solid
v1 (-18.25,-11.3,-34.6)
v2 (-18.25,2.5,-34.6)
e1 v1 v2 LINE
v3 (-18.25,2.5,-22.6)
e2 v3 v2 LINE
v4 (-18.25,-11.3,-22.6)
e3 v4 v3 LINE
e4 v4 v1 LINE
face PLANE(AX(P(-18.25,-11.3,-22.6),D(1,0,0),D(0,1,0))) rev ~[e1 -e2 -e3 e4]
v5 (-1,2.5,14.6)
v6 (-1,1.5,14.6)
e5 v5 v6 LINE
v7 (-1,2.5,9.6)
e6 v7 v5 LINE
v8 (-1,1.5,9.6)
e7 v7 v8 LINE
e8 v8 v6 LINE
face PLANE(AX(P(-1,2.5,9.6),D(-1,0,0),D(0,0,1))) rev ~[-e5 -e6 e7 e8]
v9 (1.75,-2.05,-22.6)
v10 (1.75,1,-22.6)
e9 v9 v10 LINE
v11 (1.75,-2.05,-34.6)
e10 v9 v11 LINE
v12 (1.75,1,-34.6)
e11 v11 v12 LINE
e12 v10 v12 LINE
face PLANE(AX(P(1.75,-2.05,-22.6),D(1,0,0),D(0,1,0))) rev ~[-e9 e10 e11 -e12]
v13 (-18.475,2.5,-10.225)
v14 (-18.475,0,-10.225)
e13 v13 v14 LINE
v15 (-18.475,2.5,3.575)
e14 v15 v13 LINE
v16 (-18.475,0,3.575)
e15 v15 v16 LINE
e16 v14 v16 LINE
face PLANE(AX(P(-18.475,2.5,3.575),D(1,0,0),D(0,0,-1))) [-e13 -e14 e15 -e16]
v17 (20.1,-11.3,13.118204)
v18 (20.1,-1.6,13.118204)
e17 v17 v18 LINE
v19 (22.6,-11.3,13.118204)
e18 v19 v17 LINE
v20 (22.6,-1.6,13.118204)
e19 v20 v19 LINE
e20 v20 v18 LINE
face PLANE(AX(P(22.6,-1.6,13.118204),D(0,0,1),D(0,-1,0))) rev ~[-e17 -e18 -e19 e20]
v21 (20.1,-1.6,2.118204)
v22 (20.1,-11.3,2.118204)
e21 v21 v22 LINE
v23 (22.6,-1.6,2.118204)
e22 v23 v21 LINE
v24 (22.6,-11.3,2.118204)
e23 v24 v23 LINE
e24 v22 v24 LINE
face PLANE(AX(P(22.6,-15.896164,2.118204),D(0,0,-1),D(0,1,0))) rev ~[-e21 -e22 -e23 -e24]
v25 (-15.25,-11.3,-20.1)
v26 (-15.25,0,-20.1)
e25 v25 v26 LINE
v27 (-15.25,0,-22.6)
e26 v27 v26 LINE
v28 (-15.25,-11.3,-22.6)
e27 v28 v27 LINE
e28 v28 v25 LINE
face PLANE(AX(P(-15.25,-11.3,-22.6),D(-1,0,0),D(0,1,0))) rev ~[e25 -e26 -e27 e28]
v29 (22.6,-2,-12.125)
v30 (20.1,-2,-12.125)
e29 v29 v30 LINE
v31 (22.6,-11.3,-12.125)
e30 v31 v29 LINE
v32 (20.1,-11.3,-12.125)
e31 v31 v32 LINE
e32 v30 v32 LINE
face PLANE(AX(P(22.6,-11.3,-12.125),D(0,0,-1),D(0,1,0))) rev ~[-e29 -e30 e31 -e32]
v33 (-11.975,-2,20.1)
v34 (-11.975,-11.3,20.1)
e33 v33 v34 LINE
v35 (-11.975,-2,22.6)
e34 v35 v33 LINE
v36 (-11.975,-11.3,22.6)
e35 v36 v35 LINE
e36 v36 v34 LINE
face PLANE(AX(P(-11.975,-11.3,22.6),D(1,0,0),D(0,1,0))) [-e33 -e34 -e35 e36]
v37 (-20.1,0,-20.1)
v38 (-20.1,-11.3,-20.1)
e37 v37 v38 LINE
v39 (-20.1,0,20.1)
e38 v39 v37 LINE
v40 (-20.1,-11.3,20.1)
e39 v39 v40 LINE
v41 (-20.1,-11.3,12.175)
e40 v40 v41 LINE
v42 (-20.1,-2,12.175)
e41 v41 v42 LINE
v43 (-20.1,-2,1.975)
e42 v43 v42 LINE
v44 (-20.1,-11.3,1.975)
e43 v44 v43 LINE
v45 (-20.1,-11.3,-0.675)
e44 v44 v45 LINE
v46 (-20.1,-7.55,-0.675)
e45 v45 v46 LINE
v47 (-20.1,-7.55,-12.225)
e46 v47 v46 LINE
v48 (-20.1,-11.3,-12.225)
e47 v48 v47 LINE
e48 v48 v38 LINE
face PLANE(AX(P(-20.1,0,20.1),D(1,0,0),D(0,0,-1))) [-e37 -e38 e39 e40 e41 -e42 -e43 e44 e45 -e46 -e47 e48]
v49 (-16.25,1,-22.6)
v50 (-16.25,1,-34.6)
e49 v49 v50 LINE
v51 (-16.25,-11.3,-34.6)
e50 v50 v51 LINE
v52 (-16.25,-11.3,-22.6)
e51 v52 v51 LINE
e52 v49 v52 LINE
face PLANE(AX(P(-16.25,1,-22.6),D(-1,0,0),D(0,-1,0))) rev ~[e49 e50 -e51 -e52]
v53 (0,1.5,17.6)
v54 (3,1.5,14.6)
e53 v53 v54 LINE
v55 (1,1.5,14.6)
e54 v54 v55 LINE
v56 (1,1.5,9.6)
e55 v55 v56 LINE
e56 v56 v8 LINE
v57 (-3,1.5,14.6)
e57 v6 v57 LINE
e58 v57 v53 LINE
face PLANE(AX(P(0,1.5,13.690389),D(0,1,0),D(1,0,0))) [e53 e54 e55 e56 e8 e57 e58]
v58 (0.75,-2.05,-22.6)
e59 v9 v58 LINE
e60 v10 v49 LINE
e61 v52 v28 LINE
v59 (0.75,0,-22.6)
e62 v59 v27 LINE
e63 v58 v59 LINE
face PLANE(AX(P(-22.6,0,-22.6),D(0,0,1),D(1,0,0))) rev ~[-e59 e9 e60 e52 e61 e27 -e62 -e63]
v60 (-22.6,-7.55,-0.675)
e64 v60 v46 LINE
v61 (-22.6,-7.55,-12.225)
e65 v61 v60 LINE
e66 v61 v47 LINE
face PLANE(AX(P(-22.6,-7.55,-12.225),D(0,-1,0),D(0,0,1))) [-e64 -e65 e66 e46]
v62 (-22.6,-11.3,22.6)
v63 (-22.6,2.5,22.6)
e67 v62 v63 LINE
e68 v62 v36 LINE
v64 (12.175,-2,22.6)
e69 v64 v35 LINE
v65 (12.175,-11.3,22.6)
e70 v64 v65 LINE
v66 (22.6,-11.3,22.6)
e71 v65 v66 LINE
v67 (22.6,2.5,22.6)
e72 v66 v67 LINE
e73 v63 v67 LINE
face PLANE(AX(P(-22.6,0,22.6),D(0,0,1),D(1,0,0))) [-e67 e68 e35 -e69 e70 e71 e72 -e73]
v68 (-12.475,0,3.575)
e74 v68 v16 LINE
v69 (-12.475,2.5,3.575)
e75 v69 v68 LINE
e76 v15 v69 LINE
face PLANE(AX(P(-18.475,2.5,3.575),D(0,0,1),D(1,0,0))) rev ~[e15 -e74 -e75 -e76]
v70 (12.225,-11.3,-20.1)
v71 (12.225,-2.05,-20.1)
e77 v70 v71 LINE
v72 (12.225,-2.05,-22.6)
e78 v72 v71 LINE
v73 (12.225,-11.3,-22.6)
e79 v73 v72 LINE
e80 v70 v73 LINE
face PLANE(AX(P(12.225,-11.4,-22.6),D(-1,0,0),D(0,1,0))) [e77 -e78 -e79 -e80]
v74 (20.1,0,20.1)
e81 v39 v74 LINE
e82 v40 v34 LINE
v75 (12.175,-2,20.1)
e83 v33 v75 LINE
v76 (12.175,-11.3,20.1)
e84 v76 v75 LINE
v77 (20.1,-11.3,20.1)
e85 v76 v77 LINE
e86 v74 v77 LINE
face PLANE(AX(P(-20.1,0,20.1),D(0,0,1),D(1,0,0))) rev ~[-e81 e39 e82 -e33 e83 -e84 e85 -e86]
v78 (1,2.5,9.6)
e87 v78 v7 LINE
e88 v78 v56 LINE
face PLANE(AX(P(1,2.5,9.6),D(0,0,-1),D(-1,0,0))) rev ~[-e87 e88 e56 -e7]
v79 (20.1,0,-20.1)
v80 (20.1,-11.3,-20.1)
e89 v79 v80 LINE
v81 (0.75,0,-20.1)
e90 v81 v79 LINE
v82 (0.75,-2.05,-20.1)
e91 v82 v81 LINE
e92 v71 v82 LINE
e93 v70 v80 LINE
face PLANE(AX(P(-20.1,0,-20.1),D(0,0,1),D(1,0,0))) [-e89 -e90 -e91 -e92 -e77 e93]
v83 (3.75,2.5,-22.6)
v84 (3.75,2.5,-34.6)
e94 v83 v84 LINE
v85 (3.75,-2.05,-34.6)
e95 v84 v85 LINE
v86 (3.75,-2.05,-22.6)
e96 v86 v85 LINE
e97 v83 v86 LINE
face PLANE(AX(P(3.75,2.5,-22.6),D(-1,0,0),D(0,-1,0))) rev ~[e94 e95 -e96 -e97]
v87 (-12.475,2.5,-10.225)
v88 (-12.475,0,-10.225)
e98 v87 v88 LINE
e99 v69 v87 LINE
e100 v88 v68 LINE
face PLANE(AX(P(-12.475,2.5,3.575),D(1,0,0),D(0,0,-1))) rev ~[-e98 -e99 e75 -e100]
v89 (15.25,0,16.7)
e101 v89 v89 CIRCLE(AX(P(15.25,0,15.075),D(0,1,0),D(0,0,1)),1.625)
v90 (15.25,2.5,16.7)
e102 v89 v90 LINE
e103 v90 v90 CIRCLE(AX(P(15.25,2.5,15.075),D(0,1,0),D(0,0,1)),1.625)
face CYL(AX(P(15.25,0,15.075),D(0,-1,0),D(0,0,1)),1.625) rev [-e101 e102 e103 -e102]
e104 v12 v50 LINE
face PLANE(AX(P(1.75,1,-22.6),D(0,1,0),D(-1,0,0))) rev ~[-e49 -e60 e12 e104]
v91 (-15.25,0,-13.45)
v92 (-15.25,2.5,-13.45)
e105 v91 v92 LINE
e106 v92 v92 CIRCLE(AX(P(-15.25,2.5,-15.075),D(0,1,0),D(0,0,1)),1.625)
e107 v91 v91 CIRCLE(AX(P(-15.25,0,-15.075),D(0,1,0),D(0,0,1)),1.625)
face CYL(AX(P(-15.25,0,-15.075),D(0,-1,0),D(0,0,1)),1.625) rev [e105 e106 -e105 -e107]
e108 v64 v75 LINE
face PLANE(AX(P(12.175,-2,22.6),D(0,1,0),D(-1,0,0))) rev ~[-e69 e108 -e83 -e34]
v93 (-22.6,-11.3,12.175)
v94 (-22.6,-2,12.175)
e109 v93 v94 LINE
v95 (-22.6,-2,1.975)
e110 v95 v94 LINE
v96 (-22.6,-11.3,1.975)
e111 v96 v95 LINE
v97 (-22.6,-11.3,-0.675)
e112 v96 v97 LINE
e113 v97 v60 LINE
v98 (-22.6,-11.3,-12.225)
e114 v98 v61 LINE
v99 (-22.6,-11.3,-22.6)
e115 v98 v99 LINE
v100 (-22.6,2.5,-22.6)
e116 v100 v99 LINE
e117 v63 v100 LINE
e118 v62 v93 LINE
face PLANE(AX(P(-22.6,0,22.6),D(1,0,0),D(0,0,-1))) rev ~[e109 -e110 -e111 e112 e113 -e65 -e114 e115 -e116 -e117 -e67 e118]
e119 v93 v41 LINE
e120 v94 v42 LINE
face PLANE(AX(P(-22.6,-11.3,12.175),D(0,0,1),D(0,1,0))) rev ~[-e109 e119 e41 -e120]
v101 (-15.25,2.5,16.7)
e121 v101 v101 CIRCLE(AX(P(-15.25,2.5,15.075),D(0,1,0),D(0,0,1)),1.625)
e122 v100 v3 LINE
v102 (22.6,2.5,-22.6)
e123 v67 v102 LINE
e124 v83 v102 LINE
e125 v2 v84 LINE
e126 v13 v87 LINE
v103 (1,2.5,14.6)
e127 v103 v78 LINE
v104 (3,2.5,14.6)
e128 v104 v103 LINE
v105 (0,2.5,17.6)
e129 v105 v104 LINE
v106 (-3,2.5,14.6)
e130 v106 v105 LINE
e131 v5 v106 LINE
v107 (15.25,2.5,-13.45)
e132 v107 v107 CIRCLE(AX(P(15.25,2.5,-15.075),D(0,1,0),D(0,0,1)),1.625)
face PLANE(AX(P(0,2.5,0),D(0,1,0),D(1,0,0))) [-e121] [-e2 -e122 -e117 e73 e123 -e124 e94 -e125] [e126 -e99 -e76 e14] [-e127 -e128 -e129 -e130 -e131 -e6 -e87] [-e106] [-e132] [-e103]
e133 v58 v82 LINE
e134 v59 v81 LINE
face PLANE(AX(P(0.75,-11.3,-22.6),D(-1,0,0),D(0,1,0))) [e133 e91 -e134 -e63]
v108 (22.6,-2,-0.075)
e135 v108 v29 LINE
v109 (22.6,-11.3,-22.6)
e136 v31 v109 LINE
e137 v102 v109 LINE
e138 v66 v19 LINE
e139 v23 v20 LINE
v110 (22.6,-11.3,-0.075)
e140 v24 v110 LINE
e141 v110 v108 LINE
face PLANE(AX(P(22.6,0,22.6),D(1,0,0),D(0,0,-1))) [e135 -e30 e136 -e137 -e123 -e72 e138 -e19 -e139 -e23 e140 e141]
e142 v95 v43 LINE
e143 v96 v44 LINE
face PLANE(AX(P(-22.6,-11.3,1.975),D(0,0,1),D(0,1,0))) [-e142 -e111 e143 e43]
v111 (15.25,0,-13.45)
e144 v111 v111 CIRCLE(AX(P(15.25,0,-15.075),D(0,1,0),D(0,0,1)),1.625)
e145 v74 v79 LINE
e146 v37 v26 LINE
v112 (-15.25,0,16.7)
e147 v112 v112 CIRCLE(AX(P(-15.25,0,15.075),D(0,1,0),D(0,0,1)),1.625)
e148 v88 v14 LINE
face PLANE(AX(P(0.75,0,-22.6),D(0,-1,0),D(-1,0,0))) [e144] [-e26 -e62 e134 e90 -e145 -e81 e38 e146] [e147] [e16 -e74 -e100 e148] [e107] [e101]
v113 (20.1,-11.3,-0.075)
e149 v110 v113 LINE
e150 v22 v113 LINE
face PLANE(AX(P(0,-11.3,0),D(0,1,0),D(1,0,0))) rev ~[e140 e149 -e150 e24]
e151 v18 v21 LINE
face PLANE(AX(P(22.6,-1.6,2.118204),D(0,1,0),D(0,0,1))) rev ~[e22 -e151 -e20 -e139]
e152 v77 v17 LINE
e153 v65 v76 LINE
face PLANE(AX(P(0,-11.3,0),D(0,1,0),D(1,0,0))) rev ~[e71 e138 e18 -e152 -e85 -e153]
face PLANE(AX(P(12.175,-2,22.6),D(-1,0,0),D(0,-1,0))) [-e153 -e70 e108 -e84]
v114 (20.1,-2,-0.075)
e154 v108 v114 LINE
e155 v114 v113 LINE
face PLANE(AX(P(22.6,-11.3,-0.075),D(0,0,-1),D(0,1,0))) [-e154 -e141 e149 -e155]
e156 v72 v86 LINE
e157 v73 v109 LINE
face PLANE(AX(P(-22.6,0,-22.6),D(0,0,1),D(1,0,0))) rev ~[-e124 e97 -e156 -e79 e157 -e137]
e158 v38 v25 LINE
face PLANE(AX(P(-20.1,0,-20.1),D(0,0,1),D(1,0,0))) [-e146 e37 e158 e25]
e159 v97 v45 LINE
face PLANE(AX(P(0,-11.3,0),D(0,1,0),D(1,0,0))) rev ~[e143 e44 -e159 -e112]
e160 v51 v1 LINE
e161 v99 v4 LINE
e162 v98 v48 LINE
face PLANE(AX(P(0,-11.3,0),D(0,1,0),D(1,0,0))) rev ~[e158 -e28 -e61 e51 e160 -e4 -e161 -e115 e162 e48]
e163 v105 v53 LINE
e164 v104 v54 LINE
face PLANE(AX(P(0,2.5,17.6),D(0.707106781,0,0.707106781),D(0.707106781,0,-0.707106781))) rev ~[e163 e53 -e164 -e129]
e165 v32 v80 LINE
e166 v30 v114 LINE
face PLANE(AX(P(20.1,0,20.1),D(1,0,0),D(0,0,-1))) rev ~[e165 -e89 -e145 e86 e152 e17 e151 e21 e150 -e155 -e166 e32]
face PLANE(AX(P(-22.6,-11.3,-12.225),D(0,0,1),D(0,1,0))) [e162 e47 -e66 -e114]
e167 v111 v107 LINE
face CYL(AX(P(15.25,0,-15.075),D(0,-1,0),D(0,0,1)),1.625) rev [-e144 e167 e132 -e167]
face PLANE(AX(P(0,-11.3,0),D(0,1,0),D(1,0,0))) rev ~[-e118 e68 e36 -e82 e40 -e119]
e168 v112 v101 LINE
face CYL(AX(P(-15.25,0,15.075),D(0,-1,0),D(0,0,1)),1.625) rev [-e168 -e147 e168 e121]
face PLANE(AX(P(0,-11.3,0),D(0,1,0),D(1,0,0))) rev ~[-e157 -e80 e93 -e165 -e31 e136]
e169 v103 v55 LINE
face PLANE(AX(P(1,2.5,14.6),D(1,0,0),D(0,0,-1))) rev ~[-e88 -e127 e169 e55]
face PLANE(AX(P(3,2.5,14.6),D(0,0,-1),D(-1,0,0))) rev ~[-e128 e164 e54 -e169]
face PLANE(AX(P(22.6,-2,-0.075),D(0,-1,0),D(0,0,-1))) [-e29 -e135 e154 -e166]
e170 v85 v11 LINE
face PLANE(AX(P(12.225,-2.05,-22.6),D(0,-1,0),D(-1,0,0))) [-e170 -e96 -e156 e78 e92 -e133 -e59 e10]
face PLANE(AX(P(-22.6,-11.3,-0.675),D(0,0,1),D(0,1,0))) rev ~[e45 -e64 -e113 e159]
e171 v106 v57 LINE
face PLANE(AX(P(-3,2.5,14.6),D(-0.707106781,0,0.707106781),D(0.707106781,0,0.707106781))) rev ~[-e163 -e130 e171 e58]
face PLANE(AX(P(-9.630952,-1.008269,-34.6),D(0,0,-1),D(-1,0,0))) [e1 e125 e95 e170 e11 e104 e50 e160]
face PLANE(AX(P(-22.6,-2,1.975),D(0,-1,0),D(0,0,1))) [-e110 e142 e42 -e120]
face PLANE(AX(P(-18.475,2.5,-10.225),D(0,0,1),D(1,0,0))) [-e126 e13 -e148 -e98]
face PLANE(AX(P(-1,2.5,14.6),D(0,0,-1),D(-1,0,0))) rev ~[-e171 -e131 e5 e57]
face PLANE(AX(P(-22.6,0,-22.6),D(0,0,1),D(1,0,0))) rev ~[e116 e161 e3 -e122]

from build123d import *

# Parameters (mm, degrees)
SKETCH2_W                 = 45.2
SKETCH2_H                 = 45.2
SKETCH2_W_2               = 40.2
SKETCH2_H_2               = 40.2
SKETCH2_R                 = 1.625
TOP_DEPTH                 = 2.5
SKETCH2_3_W               = 45.2
SKETCH2_3_H               = 45.2
SKETCH2_3_W_2             = 40.2
SKETCH2_3_H_2             = 40.2
SIDE_WALLS_DEPTH          = 11.3
DIRECTION_INDICATOR_DEPTH = 1
FRONT_PORTS_REACH         = 53.783
WIFI_PORT_REACH           = 36.813
SKETCH5_W                 = 6
SKETCH5_H                 = 13.8
RIGHT_PORTS_REACH         = 53.783
SKETCH6_W                 = 10.2
SKETCH6_H                 = 9.3
SKETCH6_W_2               = 11.55
SKETCH6_H_2               = 3.75
REAR_PORTS_REACH          = 53.783
SKETCH7_W                 = 16
SKETCH7_H                 = 11.3
SKETCH7_W_2               = 11.475
SKETCH7_H_2               = 9.35
LEFT_PORTS_REACH          = 53.783
SKETCH8_W                 = 12.05
SKETCH8_H                 = 9.3
BOSS_EXTRUDE3_DEPTH       = 12


with BuildPart() as part:
    # Sketch2 → Top (new body)
    # profile 1 of 2: a face of its own
    with BuildSketch(Plane(origin=(0, 0, 0), x_dir=(1, 0, 0), z_dir=(0, 1, 0))):
        Rectangle(SKETCH2_W, SKETCH2_H)
        Rectangle(SKETCH2_W_2, SKETCH2_H_2, mode=Mode.SUBTRACT)
    # profile 2 of 2: a face of its own
    with BuildSketch(Plane(origin=(0, 0, 0), x_dir=(1, 0, 0), z_dir=(0, 1, 0))):
        Rectangle(SKETCH2_W_2, SKETCH2_H_2)
        with Locations(Location((15.25, -15.075, 0), (0, 0, 270))):
            Circle(SKETCH2_R, mode=Mode.SUBTRACT)
        with Locations(Location((15.25, 15.075, 0), (0, 0, 270))):
            Circle(SKETCH2_R, mode=Mode.SUBTRACT)
        with Locations(Location((-15.25, 15.075, 0), (0, 0, 270))):
            Circle(SKETCH2_R, mode=Mode.SUBTRACT)
        with Locations(Location((-15.25, -15.075, 0), (0, 0, 270))):
            Circle(SKETCH2_R, mode=Mode.SUBTRACT)
    extrude(amount=TOP_DEPTH)

    # Sketch2<3> → Side Walls (add)
    with BuildSketch(Plane(origin=(0, 0, 0), x_dir=(1, 0, 0), z_dir=(0, 1, 0))):
        Rectangle(SKETCH2_3_W, SKETCH2_3_H)
        Rectangle(SKETCH2_3_W_2, SKETCH2_3_H_2, mode=Mode.SUBTRACT)
    extrude(amount=-SIDE_WALLS_DEPTH)

    # Sketch3 → Direction Indicator (cut)
    with BuildSketch(Plane(origin=(0, 2.5, 0), x_dir=(1, 0, 0), z_dir=(0, 1, 0))):
        Polygon((0, -17.6), (3, -14.6), (1, -14.6), (1, -9.6), (-1, -9.6), (-1, -14.6), (-3, -14.6), align=None)
    extrude(amount=-DIRECTION_INDICATOR_DEPTH, mode=Mode.SUBTRACT)

    # Sketch4 → Front Ports (cut, up to next)
    with BuildSketch(Plane.XY.offset(22.6), mode=Mode.PRIVATE) as front_ports_sk1:
        Polygon((-11.975, -2), (-0.375, -2), (0.575, -2), (12.175, -2), (12.175, -12.246111299), (0.575, -12.246111299), (-0.375, -12.246111299), (-0.375, -11.3), (-11.975, -11.3), (-11.975, -12.6), align=None)
    front_ports_tool1 = extrude(front_ports_sk1.sketch, amount=-FRONT_PORTS_REACH, mode=Mode.PRIVATE) & part.part
    add(front_ports_tool1.solids().sort_by_distance((0.391233, -6.907242, 22.6))[0], mode=Mode.SUBTRACT)

    # Sketch5 → Wifi Port (cut, up to next)
    with BuildSketch(Plane(origin=(0, 2.5, 0), x_dir=(1, 0, 0), z_dir=(0, 1, 0)), mode=Mode.PRIVATE) as wifi_port_sk1:
        with Locations((-15.475, 3.325)):
            Rectangle(SKETCH5_W, SKETCH5_H)
    wifi_port_tool1 = extrude(wifi_port_sk1.sketch, amount=-WIFI_PORT_REACH, mode=Mode.PRIVATE) & part.part
    add(wifi_port_tool1.solids().sort_by_distance((-15.475, 2.5, -3.325))[0], mode=Mode.SUBTRACT)

    # Sketch6 → Right Ports (cut, up to next)
    with BuildSketch(Plane.ZY.offset(22.6), mode=Mode.PRIVATE) as right_ports_sk1:
        with Locations((7.075, -6.65)):
            Rectangle(SKETCH6_W, SKETCH6_H)
    right_ports_tool1 = extrude(right_ports_sk1.sketch, amount=-RIGHT_PORTS_REACH, mode=Mode.PRIVATE) & part.part
    # Sketch6 → Right Ports (cut, up to next)
    with BuildSketch(Plane.ZY.offset(22.6), mode=Mode.PRIVATE) as right_ports_sk2:
        with Locations((-6.45, -9.425)):
            Rectangle(SKETCH6_W_2, SKETCH6_H_2)
    right_ports_tool2 = extrude(right_ports_sk2.sketch, amount=-RIGHT_PORTS_REACH, mode=Mode.PRIVATE) & part.part
    add(right_ports_tool1.solids().sort_by_distance((-22.6, -6.65, 7.075))[0], mode=Mode.SUBTRACT)
    add(right_ports_tool2.solids().sort_by_distance((-22.6, -9.425, -6.45))[0], mode=Mode.SUBTRACT)

    # Sketch7 → Rear Ports (cut, up to next)
    with BuildSketch(Plane(origin=(0, 0, -22.6), x_dir=(-1, 0, 0), z_dir=(0, 0, -1)), mode=Mode.PRIVATE) as rear_ports_sk1:
        with Locations((7.25, -5.65)):
            Rectangle(SKETCH7_W, SKETCH7_H)
    rear_ports_tool1 = extrude(rear_ports_sk1.sketch, amount=-REAR_PORTS_REACH, mode=Mode.PRIVATE) & part.part
    # Sketch7 → Rear Ports (cut, up to next)
    with BuildSketch(Plane(origin=(0, 0, -22.6), x_dir=(-1, 0, 0), z_dir=(0, 0, -1)), mode=Mode.PRIVATE) as rear_ports_sk2:
        with Locations((-6.4875, -6.725)):
            Rectangle(SKETCH7_W_2, SKETCH7_H_2)
    rear_ports_tool2 = extrude(rear_ports_sk2.sketch, amount=-REAR_PORTS_REACH, mode=Mode.PRIVATE) & part.part
    add(rear_ports_tool1.solids().sort_by_distance((-7.25, -5.65, -22.6))[0], mode=Mode.SUBTRACT)
    add(rear_ports_tool2.solids().sort_by_distance((6.4875, -6.725, -22.6))[0], mode=Mode.SUBTRACT)

    # Sketch8 → Left Ports (cut, up to next)
    with BuildSketch(Plane(origin=(22.6, 0, 0), x_dir=(0, 0, -1), z_dir=(1, 0, 0)), mode=Mode.PRIVATE) as left_ports_sk1:
        with Locations((6.1, -6.65)):
            Rectangle(SKETCH8_W, SKETCH8_H)
    left_ports_tool1 = extrude(left_ports_sk1.sketch, amount=-LEFT_PORTS_REACH, mode=Mode.PRIVATE) & part.part
    # Sketch8 → Left Ports (cut, up to next)
    with BuildSketch(Plane(origin=(22.6, 0, 0), x_dir=(0, 0, -1), z_dir=(1, 0, 0)), mode=Mode.PRIVATE) as left_ports_sk2:
        Polygon((-13.118203812, -9.6), (-13.118203812, -15.896164494), (-2.118203812, -15.896164494), (-2.118203812, -9.6), (-2.118203812, -1.6), (-13.118203812, -1.6), align=None)
    left_ports_tool2 = extrude(left_ports_sk2.sketch, amount=-LEFT_PORTS_REACH, mode=Mode.PRIVATE) & part.part
    add(left_ports_tool1.solids().sort_by_distance((22.6, -6.65, -6.1))[0], mode=Mode.SUBTRACT)
    add(left_ports_tool2.solids().sort_by_distance((22.6, -8.748082, 7.618204))[0], mode=Mode.SUBTRACT)

    # Sketch9 → Boss-Extrude3 (add)
    with BuildSketch(Plane(origin=(0, 0, -22.6), x_dir=(-1, 0, 0), z_dir=(0, 0, -1))):
        Polygon((-3.75, -2.05), (-1.75, -2.05), (-1.75, 1), (16.25, 1), (16.25, -11.3), (18.25, -11.3), (18.25, 2.5), (-3.75, 2.5), align=None)
    extrude(amount=BOSS_EXTRUDE3_DEPTH)


solid = part.part
